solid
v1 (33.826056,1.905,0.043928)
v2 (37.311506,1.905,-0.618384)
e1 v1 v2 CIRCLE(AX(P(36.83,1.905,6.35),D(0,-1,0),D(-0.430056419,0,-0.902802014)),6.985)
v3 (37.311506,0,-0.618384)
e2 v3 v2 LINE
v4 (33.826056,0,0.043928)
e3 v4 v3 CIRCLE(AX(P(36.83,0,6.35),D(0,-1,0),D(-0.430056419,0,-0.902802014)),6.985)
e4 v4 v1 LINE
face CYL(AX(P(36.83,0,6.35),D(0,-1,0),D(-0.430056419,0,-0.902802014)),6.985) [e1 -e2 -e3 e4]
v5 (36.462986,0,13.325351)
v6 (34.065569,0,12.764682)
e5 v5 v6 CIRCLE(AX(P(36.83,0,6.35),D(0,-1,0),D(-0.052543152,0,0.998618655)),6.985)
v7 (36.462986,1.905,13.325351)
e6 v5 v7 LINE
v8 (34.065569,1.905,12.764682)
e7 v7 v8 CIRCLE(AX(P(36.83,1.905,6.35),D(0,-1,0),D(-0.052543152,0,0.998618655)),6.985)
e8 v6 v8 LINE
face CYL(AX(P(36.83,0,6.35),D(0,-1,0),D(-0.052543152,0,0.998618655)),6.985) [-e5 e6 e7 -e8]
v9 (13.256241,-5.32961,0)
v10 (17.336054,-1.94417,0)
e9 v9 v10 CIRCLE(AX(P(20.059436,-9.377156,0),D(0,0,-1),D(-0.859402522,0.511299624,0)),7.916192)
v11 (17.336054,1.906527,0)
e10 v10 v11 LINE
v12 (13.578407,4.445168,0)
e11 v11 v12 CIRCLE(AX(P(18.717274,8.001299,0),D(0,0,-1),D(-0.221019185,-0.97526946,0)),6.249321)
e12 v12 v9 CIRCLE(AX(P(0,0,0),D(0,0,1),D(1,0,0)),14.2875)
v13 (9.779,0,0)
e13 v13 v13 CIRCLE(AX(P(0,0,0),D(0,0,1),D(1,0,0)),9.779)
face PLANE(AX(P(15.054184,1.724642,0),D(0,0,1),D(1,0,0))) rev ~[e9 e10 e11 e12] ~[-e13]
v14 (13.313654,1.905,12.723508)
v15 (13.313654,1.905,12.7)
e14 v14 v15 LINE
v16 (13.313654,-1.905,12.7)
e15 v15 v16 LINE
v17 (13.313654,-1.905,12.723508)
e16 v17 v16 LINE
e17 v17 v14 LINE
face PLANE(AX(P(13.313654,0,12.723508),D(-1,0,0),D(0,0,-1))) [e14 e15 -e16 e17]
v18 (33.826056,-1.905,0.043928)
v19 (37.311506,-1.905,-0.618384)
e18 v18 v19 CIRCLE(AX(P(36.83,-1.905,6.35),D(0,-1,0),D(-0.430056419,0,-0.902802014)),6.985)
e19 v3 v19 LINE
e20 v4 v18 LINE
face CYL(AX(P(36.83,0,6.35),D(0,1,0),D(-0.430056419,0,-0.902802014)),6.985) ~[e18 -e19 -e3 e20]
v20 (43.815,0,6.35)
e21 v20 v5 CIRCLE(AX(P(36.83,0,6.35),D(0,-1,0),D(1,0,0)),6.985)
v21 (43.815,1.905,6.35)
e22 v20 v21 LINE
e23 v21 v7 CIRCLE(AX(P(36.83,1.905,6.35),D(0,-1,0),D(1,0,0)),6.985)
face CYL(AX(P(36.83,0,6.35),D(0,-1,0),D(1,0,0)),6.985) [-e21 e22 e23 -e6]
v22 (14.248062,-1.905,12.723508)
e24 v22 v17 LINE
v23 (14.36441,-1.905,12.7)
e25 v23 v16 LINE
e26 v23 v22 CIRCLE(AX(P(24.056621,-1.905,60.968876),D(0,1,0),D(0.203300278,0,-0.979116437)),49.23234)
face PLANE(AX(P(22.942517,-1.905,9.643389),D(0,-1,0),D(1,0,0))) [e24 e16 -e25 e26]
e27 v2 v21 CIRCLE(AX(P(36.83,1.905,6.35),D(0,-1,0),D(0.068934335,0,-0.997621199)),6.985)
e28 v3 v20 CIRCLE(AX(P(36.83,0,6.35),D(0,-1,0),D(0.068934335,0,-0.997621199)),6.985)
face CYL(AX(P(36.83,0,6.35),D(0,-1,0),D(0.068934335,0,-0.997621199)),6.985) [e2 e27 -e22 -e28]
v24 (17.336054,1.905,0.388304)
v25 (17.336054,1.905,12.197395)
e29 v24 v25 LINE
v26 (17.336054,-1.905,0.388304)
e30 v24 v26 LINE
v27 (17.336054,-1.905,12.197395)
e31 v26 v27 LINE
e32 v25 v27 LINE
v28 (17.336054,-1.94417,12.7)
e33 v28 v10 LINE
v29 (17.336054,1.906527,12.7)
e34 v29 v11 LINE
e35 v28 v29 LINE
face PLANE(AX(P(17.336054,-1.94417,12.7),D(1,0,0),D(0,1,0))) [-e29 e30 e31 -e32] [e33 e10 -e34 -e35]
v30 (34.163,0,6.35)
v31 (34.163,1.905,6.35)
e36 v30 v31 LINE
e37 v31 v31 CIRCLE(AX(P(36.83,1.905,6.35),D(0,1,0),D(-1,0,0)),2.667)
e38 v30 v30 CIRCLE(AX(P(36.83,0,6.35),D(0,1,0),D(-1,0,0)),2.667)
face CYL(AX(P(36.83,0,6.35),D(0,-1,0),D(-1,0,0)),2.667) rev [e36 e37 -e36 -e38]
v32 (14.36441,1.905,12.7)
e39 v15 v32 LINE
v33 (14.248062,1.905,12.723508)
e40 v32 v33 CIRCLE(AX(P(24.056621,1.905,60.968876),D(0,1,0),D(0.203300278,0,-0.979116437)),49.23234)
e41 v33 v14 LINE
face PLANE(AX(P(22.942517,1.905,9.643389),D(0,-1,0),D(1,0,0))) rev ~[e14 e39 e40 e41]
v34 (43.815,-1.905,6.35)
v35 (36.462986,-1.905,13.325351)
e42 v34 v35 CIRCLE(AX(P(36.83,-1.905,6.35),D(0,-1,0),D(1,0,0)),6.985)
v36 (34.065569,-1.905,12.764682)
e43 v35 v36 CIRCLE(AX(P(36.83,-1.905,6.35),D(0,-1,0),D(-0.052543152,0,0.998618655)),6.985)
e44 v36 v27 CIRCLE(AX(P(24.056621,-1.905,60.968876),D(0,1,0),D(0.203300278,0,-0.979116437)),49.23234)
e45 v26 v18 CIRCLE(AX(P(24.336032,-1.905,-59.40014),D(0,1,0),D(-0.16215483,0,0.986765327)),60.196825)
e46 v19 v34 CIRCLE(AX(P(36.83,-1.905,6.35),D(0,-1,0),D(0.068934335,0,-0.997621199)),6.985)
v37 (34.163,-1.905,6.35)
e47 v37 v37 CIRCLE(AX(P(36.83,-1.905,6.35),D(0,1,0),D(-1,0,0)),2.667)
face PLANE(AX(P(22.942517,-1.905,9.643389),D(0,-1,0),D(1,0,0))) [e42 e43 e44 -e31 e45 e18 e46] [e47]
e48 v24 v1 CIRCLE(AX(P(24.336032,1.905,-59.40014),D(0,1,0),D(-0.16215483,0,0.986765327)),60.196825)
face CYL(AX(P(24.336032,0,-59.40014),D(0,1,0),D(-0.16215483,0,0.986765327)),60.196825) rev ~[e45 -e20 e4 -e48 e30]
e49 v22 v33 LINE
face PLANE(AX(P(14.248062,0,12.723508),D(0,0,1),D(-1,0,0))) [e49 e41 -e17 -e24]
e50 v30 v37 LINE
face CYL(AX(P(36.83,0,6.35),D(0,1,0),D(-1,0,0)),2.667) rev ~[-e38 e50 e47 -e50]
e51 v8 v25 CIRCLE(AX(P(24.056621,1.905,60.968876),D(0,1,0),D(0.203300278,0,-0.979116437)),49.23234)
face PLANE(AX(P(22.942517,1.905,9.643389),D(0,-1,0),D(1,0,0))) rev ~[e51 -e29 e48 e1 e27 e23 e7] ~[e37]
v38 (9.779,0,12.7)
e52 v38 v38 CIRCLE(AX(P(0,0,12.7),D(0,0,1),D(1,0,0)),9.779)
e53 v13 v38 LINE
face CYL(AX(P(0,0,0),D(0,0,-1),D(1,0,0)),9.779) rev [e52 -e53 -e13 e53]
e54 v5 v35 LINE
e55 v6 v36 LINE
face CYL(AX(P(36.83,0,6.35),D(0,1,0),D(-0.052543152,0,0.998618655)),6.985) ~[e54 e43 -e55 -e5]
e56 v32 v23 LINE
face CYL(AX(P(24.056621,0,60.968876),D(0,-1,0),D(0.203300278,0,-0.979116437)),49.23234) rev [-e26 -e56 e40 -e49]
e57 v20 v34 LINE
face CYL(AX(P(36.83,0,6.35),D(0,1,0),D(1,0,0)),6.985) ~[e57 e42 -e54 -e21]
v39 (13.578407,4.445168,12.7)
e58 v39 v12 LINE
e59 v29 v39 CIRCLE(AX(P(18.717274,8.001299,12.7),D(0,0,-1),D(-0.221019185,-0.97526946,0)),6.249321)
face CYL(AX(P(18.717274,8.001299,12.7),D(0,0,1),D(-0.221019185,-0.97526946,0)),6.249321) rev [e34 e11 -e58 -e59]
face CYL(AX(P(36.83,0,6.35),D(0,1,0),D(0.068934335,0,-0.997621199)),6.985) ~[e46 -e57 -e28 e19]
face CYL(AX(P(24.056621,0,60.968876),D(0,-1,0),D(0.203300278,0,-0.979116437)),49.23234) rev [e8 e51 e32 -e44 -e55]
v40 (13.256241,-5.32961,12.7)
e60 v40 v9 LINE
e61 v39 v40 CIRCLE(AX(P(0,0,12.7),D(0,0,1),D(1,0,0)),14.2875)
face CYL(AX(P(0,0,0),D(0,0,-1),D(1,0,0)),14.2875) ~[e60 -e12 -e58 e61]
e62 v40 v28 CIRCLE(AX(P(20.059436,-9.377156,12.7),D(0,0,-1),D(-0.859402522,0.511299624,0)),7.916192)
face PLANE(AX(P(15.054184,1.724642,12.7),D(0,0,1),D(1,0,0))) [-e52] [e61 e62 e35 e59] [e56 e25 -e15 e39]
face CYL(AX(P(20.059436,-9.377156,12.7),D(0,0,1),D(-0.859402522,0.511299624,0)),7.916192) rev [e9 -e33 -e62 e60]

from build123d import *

# Parameters (mm, degrees)
F0_R          = 14.2875
F0_R_2        = 9.779
F1_DEPTH      = 12.7
F3_DEPTH      = 1.905
F3_DEPTH_BACK = 1.905
F5_DEPTH      = 12.7


with BuildPart() as f1:
    # F0 (on Top) → F1 (new body)
    with BuildSketch(Plane.XY):
        Circle(F0_R)
        Circle(F0_R_2, mode=Mode.SUBTRACT)
    extrude(amount=F1_DEPTH)

    # F2 (on Front) → F3 (join, two sides)
    with BuildSketch(Plane.XZ) as f3_sk:
        with BuildLine():
            Line((13.3136538789, 12.7235082909), (13.3136538789, 6.35))
            Line((13.3136538789, 6.35), (29.845, 6.35))
            ThreePointArc((29.845, 6.35), (30.994771982, 10.18931491), (34.0655694999, 12.7646823))
            ThreePointArc((34.0655694999, 12.7646823), (24.1589088565, 11.7366418782), (14.2480619252, 12.7235082909))
            Line((14.2480619252, 12.7235082909), (13.3136538789, 12.7235082909))
        make_face()
        with BuildLine():
            Line((29.845, 6.35), (13.3136538789, 6.35))
            Line((13.3136538789, 6.35), (13.3136538789, 0))
            Line((13.3136538789, 0), (14.5748257637, 0))
            ThreePointArc((14.5748257637, 0), (24.1986734185, 0.7965285613), (33.8260559146, 0.0439279316))
            ThreePointArc((33.8260559146, 0.0439279316), (30.9235300544, 2.6212149725), (29.845, 6.35))
        make_face()
        with BuildLine():
            ThreePointArc((34.0655694999, 12.7646823), (30.994771982, 10.18931491), (29.845, 6.35))
            ThreePointArc((29.845, 6.35), (30.9235300544, 2.6212149725), (33.8260559146, 0.0439279316))
            ThreePointArc((33.8260559146, 0.0439279316), (35.5736615146, -0.2615447543), (37.311506327, -0.6183840779))
            ThreePointArc((37.311506327, -0.6183840779), (41.9365422105, 1.5841368407), (43.815, 6.35))
            ThreePointArc((43.815, 6.35), (41.6376310588, 11.4172387552), (36.4629860837, 13.3253513019))
            ThreePointArc((36.4629860837, 13.3253513019), (35.2677832143, 13.0300276397), (34.0655694999, 12.7646823))
        make_face()
        with BuildLine():
            ThreePointArc((39.497, 6.35), (36.83, 3.683), (34.163, 6.35))
            ThreePointArc((34.163, 6.35), (36.83, 9.017), (39.497, 6.35))
        make_face(mode=Mode.SUBTRACT)
        with BuildLine():
            ThreePointArc((36.4629860837, 13.3253513019), (35.2393795344, 13.1514815691), (34.0655694999, 12.7646823))
            ThreePointArc((34.0655694999, 12.7646823), (35.2677832143, 13.0300276397), (36.4629860837, 13.3253513019))
        make_face()
        with BuildLine():
            ThreePointArc((37.311506327, -0.6183840779), (35.5736615146, -0.2615447543), (33.8260559146, 0.0439279316))
            ThreePointArc((33.8260559146, 0.0439279316), (35.5260301534, -0.5122071988), (37.311506327, -0.6183840779))
        make_face()
    extrude(amount=F3_DEPTH)
    extrude(f3_sk.sketch, amount=-F3_DEPTH_BACK)

    # F4 (on face) → F5 (join, through all)
    with BuildSketch(Plane.XY.offset(12.7)):
        with BuildLine():
            ThreePointArc((17.3360537738, 1.9065266242), (15.2188372166, 2.8229826148), (13.5784069673, 4.4451682175))
            ThreePointArc((13.5784069673, 4.4451682175), (13.9272019714, 3.188369724), (14.1599304818, 1.905))
            Line((14.1599304818, 1.905), (13.4946856848, 1.905))
            Line((13.4946856848, 1.905), (13.4318988812, 0))
            Line((13.4318988812, 0), (17.3360537738, 0))
            Line((17.3360537738, 0), (17.3360537738, 1.9065266242))
        make_face()
        with BuildLine():
            ThreePointArc((14.1599304818, -1.905), (13.8146153266, -3.6454162489), (13.2562405183, -5.3296100767))
            ThreePointArc((13.2562405183, -5.3296100767), (15.0043175715, -3.2852044457), (17.3360537738, -1.9441697514))
            Line((17.3360537738, -1.9441697514), (17.3360537738, 0))
            Line((17.3360537738, 0), (13.4318988812, 0))
            Line((13.4318988812, 0), (13.3691120776, -1.905))
            Line((13.3691120776, -1.905), (14.1599304818, -1.905))
        make_face()
    extrude(amount=-F5_DEPTH)


solid = f1.part
